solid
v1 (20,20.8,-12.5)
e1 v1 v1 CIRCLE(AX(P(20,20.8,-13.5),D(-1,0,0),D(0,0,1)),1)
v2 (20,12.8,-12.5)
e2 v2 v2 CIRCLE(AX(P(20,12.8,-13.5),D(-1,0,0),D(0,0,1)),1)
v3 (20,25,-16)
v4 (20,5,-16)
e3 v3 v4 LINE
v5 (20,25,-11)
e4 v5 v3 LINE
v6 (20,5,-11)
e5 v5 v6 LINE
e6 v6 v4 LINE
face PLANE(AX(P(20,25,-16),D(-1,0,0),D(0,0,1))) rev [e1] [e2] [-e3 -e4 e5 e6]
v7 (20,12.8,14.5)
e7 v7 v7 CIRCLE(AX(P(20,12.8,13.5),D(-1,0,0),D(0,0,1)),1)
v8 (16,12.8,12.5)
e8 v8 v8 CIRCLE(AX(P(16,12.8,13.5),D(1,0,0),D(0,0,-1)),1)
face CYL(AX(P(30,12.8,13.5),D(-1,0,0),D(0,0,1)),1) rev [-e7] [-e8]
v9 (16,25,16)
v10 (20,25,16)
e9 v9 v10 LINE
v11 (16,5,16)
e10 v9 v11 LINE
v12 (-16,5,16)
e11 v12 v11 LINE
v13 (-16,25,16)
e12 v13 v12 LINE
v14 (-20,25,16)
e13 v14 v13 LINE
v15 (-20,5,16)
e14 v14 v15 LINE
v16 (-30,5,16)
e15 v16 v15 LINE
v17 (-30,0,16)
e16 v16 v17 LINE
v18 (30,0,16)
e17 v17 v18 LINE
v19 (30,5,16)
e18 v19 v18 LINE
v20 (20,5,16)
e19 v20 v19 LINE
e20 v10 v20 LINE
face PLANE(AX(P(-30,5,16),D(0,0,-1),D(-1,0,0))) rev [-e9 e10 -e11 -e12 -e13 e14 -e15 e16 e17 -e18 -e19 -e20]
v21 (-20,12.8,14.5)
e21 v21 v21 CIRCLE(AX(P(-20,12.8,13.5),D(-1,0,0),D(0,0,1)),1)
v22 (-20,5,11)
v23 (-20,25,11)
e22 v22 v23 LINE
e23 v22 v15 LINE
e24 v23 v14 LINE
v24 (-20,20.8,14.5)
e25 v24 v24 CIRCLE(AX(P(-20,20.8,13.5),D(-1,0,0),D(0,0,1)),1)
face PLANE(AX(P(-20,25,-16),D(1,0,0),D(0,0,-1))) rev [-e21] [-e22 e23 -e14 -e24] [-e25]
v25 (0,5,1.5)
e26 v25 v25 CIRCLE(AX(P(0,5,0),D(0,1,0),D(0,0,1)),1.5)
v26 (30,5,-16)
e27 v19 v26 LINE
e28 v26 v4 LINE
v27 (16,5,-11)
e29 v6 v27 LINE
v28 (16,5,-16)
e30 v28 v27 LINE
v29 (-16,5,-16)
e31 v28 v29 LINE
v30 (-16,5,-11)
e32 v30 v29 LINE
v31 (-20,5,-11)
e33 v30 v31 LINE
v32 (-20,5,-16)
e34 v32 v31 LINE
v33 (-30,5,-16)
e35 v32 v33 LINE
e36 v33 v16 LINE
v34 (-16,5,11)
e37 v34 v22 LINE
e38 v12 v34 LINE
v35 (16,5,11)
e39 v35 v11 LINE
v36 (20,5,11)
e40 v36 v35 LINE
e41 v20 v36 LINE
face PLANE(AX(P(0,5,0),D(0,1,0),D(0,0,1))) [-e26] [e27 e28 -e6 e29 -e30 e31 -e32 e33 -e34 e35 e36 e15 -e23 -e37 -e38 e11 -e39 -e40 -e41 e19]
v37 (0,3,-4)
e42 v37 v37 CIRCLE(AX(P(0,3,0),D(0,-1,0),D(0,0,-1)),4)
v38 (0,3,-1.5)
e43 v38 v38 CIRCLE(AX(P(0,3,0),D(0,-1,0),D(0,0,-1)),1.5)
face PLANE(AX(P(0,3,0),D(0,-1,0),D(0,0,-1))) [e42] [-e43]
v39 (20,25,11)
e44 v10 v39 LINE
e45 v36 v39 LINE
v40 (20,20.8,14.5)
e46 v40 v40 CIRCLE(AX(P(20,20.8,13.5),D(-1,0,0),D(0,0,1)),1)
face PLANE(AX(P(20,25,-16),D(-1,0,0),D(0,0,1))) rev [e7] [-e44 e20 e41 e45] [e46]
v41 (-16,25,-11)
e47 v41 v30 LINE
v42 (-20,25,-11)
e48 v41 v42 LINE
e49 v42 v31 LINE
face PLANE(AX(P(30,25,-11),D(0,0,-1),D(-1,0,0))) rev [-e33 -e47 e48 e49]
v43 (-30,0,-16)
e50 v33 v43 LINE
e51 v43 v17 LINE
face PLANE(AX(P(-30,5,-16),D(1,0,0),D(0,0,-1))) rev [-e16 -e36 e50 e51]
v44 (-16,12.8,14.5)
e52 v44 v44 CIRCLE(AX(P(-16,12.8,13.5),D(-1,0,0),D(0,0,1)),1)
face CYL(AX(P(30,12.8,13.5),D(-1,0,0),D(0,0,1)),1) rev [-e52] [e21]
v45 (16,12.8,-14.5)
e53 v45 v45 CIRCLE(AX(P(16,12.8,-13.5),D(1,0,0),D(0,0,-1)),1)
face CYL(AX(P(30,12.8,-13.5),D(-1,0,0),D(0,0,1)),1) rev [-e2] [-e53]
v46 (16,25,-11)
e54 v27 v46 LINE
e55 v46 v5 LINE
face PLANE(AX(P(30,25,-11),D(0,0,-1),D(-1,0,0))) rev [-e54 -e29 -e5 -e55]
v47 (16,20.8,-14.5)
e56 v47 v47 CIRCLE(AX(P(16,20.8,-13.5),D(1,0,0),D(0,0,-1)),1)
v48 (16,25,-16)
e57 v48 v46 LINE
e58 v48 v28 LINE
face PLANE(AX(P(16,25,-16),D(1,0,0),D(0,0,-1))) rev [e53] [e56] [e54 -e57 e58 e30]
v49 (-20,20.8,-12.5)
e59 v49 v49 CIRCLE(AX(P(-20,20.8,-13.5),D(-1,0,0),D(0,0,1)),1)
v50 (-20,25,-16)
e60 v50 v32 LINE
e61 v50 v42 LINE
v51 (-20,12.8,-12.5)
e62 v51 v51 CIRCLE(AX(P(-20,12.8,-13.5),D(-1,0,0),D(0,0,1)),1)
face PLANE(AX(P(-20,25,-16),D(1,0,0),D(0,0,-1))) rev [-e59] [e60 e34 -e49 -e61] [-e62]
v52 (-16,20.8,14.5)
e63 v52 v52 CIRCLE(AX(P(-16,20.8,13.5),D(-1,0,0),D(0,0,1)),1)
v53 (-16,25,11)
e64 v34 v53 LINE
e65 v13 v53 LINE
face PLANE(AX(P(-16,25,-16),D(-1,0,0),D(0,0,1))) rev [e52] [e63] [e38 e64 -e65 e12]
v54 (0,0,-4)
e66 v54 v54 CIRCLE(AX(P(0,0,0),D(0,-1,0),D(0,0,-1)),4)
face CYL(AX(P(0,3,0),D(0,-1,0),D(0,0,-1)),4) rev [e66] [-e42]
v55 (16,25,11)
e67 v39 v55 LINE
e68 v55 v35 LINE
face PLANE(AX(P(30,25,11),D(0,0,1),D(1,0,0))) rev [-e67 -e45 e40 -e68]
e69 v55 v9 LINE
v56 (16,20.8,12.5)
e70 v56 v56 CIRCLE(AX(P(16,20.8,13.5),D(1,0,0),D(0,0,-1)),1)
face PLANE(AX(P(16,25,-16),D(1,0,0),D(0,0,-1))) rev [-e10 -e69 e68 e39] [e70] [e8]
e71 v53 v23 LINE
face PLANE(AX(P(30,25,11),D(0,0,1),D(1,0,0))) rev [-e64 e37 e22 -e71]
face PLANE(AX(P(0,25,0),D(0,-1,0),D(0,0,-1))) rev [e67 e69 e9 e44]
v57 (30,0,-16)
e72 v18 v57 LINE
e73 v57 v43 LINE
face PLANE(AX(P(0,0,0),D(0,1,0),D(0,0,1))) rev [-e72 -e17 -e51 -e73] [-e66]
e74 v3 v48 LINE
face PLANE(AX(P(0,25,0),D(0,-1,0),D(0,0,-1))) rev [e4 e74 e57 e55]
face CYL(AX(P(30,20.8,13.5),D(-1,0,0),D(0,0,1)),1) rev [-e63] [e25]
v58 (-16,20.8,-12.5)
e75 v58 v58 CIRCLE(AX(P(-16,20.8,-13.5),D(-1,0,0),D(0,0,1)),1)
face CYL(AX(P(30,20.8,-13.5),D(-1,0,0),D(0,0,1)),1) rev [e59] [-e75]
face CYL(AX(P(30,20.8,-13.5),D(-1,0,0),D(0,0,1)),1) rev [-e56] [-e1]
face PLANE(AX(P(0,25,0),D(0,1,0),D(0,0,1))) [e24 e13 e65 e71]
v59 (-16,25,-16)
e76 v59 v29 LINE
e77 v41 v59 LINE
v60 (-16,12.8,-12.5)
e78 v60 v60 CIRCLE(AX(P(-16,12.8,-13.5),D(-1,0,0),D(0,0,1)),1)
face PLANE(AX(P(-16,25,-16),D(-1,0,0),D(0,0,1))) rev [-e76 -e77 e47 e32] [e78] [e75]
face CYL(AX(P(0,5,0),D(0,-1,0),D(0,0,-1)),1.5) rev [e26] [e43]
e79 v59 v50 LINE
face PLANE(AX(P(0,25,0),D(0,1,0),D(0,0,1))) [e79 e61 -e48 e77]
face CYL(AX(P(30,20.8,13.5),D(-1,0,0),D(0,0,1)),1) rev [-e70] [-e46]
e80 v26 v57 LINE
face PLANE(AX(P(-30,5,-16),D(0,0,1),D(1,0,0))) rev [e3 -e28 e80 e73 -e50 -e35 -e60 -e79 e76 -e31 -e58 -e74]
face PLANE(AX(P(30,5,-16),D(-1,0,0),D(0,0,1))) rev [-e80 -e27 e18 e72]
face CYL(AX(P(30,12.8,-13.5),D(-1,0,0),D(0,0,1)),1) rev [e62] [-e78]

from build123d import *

# Parameters (mm, degrees)
SKETCH1_W           = 60
SKETCH1_H           = 32
SKETCH1_R           = 1.5
BOSS_EXTRUDE1_DEPTH = 5
SKETCH2_R           = 4
CUT_EXTRUDE1_DEPTH  = 3
SKETCH3_W           = 4
SKETCH3_H           = 32
BOSS_EXTRUDE2_DEPTH = 20
SKETCH4_R           = 1
SKETCH4_W           = 22
SKETCH4_H           = 20
CUT_EXTRUDE2_DEPTH  = 59.14636704


with BuildPart() as part:
    # Sketch1 → Boss-Extrude1 (new body)
    with BuildSketch(Plane(origin=(0, 0, 0), x_dir=(1, 0, 0), z_dir=(0, 1, 0))):
        Rectangle(SKETCH1_W, SKETCH1_H)
        with Locations(Location((0, 0, 0), (0, 0, 270))):
            Circle(SKETCH1_R, mode=Mode.SUBTRACT)
    extrude(amount=BOSS_EXTRUDE1_DEPTH)

    # Sketch2 → Cut-Extrude1 (cut)
    with BuildSketch(Plane.XZ):
        with Locations(Location((0, 0, 0), (0, 0, 270))):
            Circle(SKETCH2_R)
    extrude(amount=-CUT_EXTRUDE1_DEPTH, mode=Mode.SUBTRACT)

    # Sketch3 → Boss-Extrude2 (add)
    with BuildSketch(Plane(origin=(0, 5, 0), x_dir=(1, 0, 0), z_dir=(0, 1, 0))):
        with Locations((-18, 0)):
            Rectangle(SKETCH3_W, SKETCH3_H)
        with Locations((18, 0)):
            Rectangle(SKETCH3_W, SKETCH3_H)
    extrude(amount=BOSS_EXTRUDE2_DEPTH)

    # Sketch4 → Cut-Extrude2 (cut, through all)
    with BuildSketch(Plane.ZY.offset(20)):
        with Locations((-13.5, 20.8)):
            Circle(SKETCH4_R)
        with Locations((-13.5, 12.8)):
            Circle(SKETCH4_R)
        with Locations((13.5, 20.8)):
            Circle(SKETCH4_R)
        with Locations((13.5, 12.8)):
            Circle(SKETCH4_R)
        with Locations((0, 15)):
            Rectangle(SKETCH4_W, SKETCH4_H)
    extrude(amount=-CUT_EXTRUDE2_DEPTH, mode=Mode.SUBTRACT)


solid = part.part
